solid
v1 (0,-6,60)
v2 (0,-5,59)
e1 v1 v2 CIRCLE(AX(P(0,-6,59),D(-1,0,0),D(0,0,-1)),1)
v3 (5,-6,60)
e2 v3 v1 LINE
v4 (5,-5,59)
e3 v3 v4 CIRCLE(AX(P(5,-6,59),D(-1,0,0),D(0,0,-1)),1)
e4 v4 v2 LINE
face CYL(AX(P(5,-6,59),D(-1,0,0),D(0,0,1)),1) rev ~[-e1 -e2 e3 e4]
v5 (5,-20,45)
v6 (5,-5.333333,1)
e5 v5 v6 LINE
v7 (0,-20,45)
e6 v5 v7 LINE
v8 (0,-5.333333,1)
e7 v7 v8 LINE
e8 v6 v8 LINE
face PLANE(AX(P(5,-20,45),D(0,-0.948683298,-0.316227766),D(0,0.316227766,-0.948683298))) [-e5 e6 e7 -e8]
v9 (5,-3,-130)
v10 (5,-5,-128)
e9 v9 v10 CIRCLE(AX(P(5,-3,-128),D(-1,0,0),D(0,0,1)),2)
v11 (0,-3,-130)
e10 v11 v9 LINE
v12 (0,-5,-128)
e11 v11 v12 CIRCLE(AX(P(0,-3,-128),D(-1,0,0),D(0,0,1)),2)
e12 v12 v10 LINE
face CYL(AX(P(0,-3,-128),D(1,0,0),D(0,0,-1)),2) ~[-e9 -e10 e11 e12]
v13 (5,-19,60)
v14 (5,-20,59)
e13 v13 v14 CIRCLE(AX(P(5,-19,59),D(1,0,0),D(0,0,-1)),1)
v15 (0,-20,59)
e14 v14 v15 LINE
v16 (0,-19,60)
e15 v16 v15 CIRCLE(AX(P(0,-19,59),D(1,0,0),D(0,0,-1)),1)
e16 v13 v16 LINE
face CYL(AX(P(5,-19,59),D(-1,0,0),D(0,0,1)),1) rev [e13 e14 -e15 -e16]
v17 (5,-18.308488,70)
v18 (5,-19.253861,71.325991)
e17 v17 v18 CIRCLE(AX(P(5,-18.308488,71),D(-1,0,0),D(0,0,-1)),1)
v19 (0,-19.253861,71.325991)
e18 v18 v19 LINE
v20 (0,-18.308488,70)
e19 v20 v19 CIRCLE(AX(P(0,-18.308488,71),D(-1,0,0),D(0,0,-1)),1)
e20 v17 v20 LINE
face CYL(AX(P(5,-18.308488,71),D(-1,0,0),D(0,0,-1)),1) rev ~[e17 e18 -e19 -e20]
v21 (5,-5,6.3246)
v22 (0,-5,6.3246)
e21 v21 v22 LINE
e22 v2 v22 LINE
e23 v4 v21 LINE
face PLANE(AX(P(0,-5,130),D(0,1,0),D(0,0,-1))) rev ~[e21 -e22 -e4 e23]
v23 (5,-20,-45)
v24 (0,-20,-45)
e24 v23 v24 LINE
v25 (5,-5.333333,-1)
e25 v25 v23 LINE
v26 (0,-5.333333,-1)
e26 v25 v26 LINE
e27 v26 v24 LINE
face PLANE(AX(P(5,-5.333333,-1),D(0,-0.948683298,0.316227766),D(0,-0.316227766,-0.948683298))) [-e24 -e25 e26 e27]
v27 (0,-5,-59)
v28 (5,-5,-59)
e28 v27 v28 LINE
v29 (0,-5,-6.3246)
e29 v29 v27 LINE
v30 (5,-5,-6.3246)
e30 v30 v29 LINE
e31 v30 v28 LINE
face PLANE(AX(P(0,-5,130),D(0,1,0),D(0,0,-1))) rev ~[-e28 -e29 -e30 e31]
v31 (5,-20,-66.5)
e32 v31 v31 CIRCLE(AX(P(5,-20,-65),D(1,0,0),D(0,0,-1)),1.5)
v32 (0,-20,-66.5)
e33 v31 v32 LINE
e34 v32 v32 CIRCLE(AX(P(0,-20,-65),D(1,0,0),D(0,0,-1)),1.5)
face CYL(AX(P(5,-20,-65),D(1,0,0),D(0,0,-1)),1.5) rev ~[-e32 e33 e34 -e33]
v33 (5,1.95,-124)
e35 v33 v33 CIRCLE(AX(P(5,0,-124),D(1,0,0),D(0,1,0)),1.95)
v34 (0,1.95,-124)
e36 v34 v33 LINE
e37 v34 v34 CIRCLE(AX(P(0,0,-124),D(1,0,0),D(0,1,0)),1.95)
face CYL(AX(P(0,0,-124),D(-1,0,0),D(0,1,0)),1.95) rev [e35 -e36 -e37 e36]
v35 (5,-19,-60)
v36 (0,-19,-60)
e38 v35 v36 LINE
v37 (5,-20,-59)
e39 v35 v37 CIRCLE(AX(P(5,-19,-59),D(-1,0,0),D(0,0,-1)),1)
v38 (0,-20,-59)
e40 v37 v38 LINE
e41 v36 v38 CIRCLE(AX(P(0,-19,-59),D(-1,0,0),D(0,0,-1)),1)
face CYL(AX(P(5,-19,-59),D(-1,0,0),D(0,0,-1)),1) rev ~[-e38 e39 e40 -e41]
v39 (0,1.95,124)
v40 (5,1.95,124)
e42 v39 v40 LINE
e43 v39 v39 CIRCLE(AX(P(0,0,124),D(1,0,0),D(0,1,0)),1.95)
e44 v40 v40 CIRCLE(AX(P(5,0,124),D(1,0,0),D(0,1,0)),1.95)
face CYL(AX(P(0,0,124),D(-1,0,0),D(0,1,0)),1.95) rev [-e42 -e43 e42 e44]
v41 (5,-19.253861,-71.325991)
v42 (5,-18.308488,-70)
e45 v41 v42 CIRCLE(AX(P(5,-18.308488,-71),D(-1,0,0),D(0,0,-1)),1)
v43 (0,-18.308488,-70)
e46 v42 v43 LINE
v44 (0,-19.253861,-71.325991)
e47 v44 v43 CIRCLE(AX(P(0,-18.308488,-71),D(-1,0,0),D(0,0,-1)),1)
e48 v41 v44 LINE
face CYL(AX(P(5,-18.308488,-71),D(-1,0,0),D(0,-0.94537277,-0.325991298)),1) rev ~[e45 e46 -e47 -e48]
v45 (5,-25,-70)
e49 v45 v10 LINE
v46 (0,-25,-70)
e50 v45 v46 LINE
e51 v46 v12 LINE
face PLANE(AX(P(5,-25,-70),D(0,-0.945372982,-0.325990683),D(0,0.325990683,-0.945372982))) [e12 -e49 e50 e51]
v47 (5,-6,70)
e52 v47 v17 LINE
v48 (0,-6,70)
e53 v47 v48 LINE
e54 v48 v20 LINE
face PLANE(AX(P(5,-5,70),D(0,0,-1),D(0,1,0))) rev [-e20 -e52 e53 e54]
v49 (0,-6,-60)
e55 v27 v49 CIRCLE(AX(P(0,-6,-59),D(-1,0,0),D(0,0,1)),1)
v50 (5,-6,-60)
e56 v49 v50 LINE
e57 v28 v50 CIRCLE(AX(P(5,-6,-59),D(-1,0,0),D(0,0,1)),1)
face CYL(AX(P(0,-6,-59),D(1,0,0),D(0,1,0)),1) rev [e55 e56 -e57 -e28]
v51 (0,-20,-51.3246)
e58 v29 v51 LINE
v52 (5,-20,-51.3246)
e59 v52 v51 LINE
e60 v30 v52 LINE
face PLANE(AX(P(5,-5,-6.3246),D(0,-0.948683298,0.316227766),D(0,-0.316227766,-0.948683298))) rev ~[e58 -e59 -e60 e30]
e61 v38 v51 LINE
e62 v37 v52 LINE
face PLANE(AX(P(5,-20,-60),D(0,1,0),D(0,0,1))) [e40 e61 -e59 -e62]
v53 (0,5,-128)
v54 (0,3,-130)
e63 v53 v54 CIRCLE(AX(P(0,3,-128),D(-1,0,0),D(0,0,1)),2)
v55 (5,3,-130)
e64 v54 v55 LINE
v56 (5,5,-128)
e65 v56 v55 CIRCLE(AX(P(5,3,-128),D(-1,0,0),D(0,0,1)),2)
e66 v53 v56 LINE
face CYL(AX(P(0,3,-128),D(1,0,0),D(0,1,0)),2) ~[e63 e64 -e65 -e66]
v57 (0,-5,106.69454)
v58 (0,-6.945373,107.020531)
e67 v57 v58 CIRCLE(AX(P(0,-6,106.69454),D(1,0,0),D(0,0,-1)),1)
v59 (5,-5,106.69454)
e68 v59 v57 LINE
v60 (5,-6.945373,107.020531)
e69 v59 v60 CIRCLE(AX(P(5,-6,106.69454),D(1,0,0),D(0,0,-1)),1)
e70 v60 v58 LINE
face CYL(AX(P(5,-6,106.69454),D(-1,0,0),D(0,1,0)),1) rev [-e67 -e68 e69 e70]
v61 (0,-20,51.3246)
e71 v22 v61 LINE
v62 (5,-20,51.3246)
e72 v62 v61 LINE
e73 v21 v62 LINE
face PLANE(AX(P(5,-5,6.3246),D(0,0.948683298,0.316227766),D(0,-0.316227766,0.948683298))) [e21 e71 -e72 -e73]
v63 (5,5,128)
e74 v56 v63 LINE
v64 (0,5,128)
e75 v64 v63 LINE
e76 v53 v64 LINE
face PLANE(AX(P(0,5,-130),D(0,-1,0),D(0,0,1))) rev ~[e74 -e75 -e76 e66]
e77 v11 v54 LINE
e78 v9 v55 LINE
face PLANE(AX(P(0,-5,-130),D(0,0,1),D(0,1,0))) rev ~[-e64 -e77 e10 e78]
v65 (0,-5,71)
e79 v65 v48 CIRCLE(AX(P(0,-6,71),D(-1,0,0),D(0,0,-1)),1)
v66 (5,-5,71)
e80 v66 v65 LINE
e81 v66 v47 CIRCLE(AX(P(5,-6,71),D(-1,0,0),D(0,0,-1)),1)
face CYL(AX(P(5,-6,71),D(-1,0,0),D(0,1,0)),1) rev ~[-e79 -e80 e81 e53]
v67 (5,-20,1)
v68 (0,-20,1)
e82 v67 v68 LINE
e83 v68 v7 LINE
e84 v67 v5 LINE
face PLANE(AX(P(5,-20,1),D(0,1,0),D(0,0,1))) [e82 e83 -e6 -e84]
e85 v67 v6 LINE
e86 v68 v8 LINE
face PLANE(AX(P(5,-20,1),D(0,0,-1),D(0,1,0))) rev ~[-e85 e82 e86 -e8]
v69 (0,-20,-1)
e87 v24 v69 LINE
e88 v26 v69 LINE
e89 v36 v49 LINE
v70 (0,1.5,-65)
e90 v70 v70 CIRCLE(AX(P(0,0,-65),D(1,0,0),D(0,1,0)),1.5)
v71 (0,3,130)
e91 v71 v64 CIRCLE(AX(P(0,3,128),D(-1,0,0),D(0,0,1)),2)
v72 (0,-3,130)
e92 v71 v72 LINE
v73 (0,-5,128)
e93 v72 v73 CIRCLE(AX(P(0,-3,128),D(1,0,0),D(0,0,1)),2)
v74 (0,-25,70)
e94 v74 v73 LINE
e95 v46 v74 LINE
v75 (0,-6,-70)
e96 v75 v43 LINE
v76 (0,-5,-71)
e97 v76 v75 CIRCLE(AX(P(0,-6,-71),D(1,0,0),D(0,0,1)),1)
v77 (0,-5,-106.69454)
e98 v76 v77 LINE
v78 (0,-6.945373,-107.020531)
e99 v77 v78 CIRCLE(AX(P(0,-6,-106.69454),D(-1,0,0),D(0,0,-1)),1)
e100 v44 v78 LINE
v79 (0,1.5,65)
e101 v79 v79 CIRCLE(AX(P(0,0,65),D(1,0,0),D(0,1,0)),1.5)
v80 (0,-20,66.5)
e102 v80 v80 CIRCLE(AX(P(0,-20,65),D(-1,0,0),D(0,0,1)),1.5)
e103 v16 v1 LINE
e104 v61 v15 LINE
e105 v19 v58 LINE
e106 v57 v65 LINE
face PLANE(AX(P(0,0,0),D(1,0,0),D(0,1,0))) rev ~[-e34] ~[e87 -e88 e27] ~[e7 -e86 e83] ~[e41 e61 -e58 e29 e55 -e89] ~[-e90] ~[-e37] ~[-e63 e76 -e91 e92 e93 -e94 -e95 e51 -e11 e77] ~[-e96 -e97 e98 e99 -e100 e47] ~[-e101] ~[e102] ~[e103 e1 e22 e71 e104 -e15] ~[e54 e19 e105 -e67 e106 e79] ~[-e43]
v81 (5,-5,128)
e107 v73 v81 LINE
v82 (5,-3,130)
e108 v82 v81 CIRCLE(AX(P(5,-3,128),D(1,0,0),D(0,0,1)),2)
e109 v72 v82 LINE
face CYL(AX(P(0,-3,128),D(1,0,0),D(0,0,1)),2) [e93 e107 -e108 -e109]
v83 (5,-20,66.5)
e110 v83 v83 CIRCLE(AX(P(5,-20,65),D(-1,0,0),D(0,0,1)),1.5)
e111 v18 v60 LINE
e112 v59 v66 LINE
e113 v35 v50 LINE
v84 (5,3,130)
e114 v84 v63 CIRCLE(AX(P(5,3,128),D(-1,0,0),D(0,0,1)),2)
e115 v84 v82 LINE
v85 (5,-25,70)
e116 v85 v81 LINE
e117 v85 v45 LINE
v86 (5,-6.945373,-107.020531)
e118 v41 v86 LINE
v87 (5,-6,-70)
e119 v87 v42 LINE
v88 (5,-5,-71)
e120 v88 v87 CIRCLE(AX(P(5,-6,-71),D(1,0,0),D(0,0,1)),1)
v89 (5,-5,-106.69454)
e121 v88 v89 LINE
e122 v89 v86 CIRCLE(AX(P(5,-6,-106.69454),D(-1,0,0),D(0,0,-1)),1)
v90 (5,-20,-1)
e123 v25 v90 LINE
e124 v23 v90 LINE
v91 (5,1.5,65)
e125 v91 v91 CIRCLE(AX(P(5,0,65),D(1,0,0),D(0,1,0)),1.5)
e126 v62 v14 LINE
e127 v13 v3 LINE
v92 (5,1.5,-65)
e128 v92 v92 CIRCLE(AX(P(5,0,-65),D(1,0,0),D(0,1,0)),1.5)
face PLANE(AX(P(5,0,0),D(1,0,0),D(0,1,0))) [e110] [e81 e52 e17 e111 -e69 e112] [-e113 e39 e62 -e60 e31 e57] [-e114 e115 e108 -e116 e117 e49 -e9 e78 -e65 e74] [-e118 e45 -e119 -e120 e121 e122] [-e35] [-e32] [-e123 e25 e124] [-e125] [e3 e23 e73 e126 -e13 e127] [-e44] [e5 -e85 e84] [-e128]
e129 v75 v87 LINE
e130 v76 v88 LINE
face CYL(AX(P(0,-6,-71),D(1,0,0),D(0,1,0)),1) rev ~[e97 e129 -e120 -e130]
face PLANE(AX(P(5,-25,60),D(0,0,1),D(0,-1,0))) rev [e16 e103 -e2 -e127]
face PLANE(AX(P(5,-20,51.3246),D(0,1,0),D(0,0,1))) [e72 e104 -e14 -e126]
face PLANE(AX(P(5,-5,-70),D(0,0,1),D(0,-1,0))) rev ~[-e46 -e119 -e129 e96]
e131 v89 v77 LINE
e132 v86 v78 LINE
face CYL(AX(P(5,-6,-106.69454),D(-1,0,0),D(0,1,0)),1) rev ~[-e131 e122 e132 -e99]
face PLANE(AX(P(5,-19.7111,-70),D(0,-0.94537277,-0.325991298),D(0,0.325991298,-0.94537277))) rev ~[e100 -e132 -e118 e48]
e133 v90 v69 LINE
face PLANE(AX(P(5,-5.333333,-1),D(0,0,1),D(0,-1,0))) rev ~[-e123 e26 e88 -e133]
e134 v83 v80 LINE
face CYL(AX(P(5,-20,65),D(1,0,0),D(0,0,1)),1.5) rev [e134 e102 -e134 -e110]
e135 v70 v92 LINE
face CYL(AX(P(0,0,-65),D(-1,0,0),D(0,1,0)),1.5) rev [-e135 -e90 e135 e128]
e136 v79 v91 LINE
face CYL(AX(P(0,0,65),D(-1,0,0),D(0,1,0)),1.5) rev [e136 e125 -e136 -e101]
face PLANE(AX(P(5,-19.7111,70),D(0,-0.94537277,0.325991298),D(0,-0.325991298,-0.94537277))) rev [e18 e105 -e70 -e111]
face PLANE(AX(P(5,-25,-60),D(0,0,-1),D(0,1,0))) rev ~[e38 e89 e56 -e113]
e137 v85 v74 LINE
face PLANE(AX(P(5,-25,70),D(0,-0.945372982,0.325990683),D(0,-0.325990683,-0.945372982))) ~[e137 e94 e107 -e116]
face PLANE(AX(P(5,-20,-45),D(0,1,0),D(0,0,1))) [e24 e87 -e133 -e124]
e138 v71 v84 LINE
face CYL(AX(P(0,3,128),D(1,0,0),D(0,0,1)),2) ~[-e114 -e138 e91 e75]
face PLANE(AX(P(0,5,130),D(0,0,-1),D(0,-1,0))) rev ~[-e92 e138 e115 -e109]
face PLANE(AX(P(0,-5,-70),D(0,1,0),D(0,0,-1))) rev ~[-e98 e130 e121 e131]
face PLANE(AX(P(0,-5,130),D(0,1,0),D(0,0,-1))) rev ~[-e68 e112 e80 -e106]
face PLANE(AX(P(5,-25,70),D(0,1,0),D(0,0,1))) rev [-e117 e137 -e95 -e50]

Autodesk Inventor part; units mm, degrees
ref_plane "YZ Plane" through (0, 0, 0) normal (1, 0, 0) x (0, 1, 0)
ref_plane "XZ Plane" through (0, 0, 0) normal (0, 1, 0) x (-1, 0, 0)
sketch "Sketch1" plane through (0, 0, 0) normal (1, 0, 0) x (0, 1, 0)
  line L0 (-5, 130) -> (-5, -130)
  line L1 (-5, -130) -> (5, -130)
  line L2 (5, -130) -> (5, 130)
  line L3 (5, 130) -> (-5, 130)
  line L4 (-5, 130) -> (5, -130) construction
  line L5 (-5, -130) -> (5, 130) construction
  circle A0 centre (0, -124) radius 1.95
  circle A1 centre (0, 124) radius 1.95
  line L6 (-5, -70) -> (-5, -60)
  circle A2 centre (0, -65) radius 1.5
  circle A3 centre (0, 65) radius 1.5
  point P0 (0, 0)
  point P1 (0, 0)
  dimension "d0" = 260
  dimension "d1" = 10
  dimension "d2" = 3.9
  dimension "d3" = 6
  dimension "d4" = 3.9
  dimension "d5" = 6
  dimension "d25" = 3
  dimension "d27" = 59
  dimension "d28" = 3
  dimension "d29" = 59
extrude "Extrusion1" add sketch "Sketch1" along normal blind 5
fillet "Fillet1" radius 2 4 edges at (2.5, 5, 130) (2.5, -5, 130) (2.5, 5, -130) (2.5, -5, -130)
sketch "Sketch2" plane through (5, 0, 0) normal (1, 0, 0) x (0, 0, -1)
  line L0 (-128, -5) -> (128, -5) projected
  line L1 (60, -5) -> (70, -5)
  line L2 (70, -5) -> (70, -25)
  line L3 (70, -25) -> (60, -25)
  line L4 (60, -25) -> (60, -5)
  circle A0 centre (65, -20) radius 1.5
  circle A1 centre (124, 0) radius 1.95 projected
  line L5 (70, -25) -> (128, -5)
  line L6 (70, -19.7111) -> (112.6621, -5)
  point P0 (0, 0)
  dimension "d15" = 3
  dimension "d16" = 20
  dimension "d17" = 5
  dimension "d18" = 10
  dimension "d20" = 59
  dimension "d23" = 5
  dimension "d32" = 5
extrude "Extrusion2" add sketch "Sketch2" against normal blind 5 contours L0 L2 L3 L4 | L0 L5 L2 L6
mirror "Mirror1" about plane through (0, 0, 0) normal (0, 0, 1) of "Extrusion2"
sketch "Sketch4" plane through (5, 0, 0) normal (1, 0, 0) x (0, 0, -1)
  line L0 (-60, -25) -> (-60, -5) projected
  line L1 (60, -25) -> (60, -5) projected
  line L2 (-60, -25) -> (60, -25)
  line L3 (60, -25) -> (60, -20)
  line L4 (60, -20) -> (-60, -20)
  line L5 (-60, -20) -> (-60, -25)
  line L6 (-60, -25) -> (0, -5)
  line L7 (-60, -5) -> (60, -5) projected
  line L8 (70, -25) -> (60, -25) projected
  line L9 (0, -5) -> (60, -25)
  line L10 (60, -25) -> (60, -22.5)
  line L11 (6.3246, -5) -> (60, -22.8918)
  line L12 (-6.3246, -5) -> (-60, -22.8918)
  line L13 (-60, -5) -> (60, -5) projected
  line L14 (-1, -5) -> (1, -5)
  line L15 (1, -5) -> (1, -20)
  line L16 (1, -20) -> (-1, -20)
  line L17 (-1, -20) -> (-1, -5)
  point P0 (0, 0)
  point P1 (-60, -20)
  point P2 (-51.3246, -20)
  point P3 (-45, -20)
  point P4 (51.3246, -20)
  point P5 (45, -20)
  point P6 (-1, -5.3333)
  point P7 (-1, -20)
  point P8 (1, -5.3333)
  dimension "d33" = 5
  dimension "d37" = 2
  dimension "d38" = 2
  dimension "d39" = 1
  dimension "d40" = 1
extrude "Extrusion3" add sketch "Sketch4" against normal blind 5 contours L6 L4 L9 L2 | L0 L12 L4 L6 | L0 L4 L12 | L9 L4 L11 L1 | L4 L12 L7 L17 L6 | L11 L4 L1 | L9 L15 L7 L11 L4 | L17 L6 L9 L15 L4 | L17 L7 L6 | L9 L7 L15
fillet "Fillet3" radius 1 10 edges at (2.5, -19.7111, -70) (2.5, -5, -112.6621) (2.5, -5, -70) (2.5, -20, -60) (2.5, -5, -60) (2.5, -20, 60) (2.5, -5, 60) (2.5, -5, 112.6621) (2.5, -5, 70) (2.5, -19.7111, 70)
properties part number "Horizontal_bar"
